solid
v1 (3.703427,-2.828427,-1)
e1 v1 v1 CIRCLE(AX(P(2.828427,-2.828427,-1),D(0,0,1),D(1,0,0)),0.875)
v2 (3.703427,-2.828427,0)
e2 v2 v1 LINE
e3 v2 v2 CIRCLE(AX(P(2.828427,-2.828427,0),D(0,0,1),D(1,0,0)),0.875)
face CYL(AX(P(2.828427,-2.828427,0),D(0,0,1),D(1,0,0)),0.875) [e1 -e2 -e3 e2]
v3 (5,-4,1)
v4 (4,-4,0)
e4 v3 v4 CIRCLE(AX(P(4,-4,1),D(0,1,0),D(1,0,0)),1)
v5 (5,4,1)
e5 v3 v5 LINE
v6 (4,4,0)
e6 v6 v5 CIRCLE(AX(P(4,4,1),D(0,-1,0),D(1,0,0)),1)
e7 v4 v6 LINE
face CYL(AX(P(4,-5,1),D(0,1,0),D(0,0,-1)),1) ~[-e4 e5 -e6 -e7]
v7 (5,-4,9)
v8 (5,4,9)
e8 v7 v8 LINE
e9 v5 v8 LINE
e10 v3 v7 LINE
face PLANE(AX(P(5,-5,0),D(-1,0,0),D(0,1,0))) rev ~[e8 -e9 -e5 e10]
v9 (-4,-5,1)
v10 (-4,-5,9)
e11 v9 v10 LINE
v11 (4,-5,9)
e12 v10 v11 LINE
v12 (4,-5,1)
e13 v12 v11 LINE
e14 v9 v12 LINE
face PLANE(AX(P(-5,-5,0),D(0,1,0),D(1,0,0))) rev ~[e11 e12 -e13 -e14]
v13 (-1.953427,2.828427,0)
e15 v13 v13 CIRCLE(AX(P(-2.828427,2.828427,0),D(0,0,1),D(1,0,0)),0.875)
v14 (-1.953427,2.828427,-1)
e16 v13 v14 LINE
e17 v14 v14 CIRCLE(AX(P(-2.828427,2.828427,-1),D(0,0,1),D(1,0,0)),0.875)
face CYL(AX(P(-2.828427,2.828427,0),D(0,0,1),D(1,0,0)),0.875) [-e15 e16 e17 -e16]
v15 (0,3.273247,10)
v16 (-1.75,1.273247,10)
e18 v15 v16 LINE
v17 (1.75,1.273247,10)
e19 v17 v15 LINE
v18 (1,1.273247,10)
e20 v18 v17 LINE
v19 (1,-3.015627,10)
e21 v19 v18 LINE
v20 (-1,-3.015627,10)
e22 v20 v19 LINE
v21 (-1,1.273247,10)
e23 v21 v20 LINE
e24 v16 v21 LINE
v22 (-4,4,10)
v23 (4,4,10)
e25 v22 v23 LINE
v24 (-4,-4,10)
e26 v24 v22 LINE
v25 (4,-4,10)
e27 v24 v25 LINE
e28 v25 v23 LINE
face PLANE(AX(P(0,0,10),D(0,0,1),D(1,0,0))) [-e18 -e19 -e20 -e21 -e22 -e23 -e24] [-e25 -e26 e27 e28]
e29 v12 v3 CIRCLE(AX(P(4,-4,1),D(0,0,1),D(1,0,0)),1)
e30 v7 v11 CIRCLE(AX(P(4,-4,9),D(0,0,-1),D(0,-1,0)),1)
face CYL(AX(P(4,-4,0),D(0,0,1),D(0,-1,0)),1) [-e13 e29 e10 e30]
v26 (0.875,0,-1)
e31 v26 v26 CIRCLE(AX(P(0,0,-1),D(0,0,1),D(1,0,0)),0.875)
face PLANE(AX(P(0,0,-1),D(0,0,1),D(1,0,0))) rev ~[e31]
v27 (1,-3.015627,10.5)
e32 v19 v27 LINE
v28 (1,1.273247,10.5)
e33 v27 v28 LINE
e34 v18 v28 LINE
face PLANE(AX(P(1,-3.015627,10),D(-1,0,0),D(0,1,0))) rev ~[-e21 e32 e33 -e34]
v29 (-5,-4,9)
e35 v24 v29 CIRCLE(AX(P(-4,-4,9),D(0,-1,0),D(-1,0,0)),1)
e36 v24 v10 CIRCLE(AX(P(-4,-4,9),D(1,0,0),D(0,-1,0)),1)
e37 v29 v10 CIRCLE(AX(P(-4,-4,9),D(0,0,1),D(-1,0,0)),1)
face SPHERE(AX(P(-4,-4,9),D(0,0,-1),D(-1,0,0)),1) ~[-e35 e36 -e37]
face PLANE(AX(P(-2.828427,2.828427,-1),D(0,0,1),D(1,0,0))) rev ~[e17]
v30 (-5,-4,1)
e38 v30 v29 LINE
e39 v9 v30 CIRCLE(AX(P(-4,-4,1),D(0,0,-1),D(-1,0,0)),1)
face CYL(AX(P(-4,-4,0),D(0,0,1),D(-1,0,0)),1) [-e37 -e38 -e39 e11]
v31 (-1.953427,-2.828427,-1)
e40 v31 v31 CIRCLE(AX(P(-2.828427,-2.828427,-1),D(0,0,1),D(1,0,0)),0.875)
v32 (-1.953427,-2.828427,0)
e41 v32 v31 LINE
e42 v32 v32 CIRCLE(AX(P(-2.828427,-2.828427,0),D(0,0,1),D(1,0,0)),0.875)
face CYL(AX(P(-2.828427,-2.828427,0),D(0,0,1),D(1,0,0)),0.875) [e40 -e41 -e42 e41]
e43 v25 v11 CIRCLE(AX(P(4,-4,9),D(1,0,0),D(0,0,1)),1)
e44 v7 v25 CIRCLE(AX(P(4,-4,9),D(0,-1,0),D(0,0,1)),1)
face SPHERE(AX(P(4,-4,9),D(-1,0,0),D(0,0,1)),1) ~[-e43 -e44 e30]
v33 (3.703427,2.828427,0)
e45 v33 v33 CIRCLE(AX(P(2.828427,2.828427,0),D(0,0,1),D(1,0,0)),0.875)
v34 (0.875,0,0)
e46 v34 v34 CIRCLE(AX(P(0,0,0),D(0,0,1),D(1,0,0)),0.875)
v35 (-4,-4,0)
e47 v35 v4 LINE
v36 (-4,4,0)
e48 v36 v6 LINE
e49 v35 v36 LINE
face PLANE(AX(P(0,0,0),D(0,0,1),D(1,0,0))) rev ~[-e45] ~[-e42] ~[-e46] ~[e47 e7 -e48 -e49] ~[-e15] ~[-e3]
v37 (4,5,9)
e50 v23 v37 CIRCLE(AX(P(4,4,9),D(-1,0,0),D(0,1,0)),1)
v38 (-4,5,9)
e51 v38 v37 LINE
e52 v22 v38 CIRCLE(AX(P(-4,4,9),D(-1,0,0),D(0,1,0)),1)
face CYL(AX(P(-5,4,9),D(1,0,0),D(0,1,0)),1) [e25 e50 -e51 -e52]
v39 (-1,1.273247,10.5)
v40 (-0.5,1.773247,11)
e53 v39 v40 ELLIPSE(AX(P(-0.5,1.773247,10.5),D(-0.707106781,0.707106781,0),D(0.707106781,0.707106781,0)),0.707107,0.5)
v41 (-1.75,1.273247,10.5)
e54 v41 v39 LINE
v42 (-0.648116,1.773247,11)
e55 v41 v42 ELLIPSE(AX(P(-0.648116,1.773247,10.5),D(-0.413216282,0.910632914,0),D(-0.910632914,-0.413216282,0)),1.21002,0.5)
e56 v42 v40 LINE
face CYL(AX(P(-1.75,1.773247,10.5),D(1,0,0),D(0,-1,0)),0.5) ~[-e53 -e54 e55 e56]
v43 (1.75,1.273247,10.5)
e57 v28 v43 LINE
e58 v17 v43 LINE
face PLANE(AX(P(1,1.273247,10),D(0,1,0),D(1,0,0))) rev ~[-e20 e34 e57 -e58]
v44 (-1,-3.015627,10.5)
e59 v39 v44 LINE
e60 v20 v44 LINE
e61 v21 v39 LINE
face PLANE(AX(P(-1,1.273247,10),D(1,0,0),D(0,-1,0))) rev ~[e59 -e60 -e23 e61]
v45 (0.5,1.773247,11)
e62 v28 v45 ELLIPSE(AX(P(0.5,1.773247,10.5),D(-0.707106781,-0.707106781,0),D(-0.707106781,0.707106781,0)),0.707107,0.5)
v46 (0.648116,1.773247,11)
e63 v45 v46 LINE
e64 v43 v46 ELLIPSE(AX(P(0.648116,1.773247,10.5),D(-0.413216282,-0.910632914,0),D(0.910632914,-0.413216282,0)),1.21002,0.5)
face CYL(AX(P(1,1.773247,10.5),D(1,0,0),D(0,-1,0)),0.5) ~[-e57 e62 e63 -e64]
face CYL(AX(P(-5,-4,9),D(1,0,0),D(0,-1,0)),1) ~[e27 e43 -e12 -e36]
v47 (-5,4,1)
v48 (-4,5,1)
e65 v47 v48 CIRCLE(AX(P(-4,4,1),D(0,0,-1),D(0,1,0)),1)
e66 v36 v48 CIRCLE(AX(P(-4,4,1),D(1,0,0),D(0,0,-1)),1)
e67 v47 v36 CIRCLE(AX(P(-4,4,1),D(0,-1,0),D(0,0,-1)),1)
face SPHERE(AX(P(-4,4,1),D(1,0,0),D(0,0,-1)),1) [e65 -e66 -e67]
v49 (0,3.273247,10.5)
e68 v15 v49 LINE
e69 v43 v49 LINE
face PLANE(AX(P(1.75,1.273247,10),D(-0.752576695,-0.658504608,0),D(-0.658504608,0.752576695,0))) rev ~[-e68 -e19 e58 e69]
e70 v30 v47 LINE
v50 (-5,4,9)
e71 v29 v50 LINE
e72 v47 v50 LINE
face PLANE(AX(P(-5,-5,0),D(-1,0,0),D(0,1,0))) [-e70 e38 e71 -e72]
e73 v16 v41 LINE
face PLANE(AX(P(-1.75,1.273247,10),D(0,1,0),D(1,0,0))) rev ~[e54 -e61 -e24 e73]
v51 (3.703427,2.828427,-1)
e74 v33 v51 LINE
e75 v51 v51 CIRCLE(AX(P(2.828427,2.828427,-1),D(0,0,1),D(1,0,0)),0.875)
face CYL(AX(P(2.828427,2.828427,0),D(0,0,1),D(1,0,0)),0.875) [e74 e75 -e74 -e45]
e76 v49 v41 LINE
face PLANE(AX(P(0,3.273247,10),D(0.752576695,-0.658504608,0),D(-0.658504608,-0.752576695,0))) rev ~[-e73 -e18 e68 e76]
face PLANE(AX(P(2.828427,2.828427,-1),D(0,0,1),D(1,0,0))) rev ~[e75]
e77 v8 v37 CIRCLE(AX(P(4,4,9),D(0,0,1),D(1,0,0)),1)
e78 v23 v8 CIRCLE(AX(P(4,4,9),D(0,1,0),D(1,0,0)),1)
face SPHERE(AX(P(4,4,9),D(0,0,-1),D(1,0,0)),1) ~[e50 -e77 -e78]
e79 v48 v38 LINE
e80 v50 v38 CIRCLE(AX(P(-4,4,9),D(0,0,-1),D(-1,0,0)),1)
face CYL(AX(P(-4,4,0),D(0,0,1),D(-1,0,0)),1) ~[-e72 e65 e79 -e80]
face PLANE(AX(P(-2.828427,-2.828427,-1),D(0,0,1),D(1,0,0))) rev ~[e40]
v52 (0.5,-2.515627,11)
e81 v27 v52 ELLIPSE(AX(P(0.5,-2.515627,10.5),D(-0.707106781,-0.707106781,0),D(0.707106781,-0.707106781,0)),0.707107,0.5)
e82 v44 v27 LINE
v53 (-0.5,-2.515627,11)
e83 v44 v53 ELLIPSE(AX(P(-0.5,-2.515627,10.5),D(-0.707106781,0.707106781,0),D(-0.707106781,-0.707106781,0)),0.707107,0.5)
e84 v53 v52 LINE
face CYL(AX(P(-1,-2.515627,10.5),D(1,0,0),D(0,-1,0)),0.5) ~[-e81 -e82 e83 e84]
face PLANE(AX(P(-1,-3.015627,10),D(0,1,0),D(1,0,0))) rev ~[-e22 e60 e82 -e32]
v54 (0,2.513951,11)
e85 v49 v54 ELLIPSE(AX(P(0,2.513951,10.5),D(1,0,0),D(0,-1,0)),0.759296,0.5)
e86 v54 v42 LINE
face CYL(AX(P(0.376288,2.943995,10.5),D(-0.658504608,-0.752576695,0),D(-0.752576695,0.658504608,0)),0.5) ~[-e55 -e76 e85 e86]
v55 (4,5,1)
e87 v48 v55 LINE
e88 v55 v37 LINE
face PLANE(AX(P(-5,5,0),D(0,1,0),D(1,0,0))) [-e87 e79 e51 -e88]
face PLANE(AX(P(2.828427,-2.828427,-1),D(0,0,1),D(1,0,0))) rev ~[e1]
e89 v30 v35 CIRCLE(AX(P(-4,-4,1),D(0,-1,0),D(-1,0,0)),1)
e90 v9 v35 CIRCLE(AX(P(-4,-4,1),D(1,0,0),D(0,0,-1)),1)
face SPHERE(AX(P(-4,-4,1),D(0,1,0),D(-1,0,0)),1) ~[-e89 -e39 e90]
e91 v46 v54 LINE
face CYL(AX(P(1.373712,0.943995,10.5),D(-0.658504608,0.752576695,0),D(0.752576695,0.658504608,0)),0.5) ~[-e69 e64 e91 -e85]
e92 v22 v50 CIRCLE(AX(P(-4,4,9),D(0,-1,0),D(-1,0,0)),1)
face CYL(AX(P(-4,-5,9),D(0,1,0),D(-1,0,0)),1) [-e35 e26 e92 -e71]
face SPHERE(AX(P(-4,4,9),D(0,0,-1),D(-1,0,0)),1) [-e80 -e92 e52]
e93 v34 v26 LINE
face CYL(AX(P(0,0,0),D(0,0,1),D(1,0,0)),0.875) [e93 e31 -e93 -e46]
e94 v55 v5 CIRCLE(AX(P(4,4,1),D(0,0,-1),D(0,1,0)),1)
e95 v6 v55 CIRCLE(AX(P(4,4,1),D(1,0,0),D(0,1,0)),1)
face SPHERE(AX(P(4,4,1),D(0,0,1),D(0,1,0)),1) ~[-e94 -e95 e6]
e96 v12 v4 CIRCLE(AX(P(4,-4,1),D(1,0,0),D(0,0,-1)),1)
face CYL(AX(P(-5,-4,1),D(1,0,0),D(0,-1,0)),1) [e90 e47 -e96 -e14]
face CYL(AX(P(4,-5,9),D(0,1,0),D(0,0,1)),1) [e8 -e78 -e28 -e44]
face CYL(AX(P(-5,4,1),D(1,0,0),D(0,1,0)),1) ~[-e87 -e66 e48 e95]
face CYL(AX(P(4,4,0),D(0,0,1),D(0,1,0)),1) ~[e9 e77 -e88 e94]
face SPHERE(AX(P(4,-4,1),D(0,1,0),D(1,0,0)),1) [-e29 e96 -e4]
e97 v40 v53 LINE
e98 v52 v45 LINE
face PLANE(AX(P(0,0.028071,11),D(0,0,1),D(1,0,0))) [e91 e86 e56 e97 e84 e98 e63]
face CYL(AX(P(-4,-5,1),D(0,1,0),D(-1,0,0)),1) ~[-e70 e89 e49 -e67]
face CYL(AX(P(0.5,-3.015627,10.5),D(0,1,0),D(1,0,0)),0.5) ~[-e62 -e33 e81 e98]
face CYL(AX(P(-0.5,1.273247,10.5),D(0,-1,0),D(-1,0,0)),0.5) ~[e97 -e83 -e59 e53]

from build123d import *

# Parameters (mm, degrees)
F0_W     = 10
F0_H     = 10
F0_R     = 0.875
F1_DEPTH = 10
F2_DEPTH = 1
F3_R     = 1
F5_DEPTH = 1
F6_R     = 0.5


with BuildPart() as f1:
    # F0 (on Top) → F1 (new body)
    with BuildSketch(Plane.XY):
        Rectangle(F0_W, F0_H)
        with Locations((-2.828427, -2.828427)):
            Circle(F0_R, mode=Mode.SUBTRACT)
        with Locations((2.828427, -2.828427)):
            Circle(F0_R, mode=Mode.SUBTRACT)
        with Locations((-2.828427, 2.828427)):
            Circle(F0_R, mode=Mode.SUBTRACT)
        Circle(F0_R, mode=Mode.SUBTRACT)
        with Locations((2.828427, 2.828427)):
            Circle(F0_R, mode=Mode.SUBTRACT)
        with Locations((-2.828427, -2.828427)):
            Circle(F0_R)
        with Locations((-2.828427, 2.828427)):
            Circle(F0_R)
        with Locations((2.828427, 2.828427)):
            Circle(F0_R)
        with Locations((2.828427, -2.828427)):
            Circle(F0_R)
        Circle(F0_R)
    extrude(amount=F1_DEPTH)

    # F0 (on Top) → F2 (join)
    with BuildSketch(Plane.XY):
        with Locations((2.828427, 2.828427)):
            Circle(F0_R)
        with Locations((-2.828427, 2.828427)):
            Circle(F0_R)
        with Locations((-2.828427, -2.828427)):
            Circle(F0_R)
        with Locations((2.828427, -2.828427)):
            Circle(F0_R)
        Circle(F0_R)
    extrude(amount=-F2_DEPTH)

    # F3
    f3_edges = [f1.edges().sort_by_distance(p)[0] for p in [
        (5, 5, 5),
        (0, 5, 0),
        (5, 0, 0),
        (-5, 0, 0),
        (-5, 5, 5),
        (-5, -5, 5),
        (-5, 0, 10),
        (0, -5, 10),
        (5, 0, 10),
        (0, 5, 10),
        (5, -5, 5),
        (0, -5, 0),
    ]]
    fillet(f3_edges, radius=F3_R)

    # F4 (on face) → F5 (join)
    with BuildSketch(Plane.XY.offset(10)):
        Polygon((-1, 1.273247), (-1, 0), (-1, -3.015627), (1, -3.015627), (1, 1.273247), (1.75, 1.273247), (0, 3.273247), (-1.75, 1.273247), align=None)
    extrude(amount=F5_DEPTH)

    # F6
    f6_edges = [f1.edges().sort_by_distance(p)[0] for p in [
        (-0.875, 2.273247, 11),
        (-1.375, 1.273247, 11),
        (-1, -0.87119, 11),
        (0, -3.015627, 11),
        (1, -0.87119, 11),
        (1.375, 1.273247, 11),
        (0.875, 2.273247, 11),
    ]]
    fillet(f6_edges, radius=F6_R)


solid = f1.part
